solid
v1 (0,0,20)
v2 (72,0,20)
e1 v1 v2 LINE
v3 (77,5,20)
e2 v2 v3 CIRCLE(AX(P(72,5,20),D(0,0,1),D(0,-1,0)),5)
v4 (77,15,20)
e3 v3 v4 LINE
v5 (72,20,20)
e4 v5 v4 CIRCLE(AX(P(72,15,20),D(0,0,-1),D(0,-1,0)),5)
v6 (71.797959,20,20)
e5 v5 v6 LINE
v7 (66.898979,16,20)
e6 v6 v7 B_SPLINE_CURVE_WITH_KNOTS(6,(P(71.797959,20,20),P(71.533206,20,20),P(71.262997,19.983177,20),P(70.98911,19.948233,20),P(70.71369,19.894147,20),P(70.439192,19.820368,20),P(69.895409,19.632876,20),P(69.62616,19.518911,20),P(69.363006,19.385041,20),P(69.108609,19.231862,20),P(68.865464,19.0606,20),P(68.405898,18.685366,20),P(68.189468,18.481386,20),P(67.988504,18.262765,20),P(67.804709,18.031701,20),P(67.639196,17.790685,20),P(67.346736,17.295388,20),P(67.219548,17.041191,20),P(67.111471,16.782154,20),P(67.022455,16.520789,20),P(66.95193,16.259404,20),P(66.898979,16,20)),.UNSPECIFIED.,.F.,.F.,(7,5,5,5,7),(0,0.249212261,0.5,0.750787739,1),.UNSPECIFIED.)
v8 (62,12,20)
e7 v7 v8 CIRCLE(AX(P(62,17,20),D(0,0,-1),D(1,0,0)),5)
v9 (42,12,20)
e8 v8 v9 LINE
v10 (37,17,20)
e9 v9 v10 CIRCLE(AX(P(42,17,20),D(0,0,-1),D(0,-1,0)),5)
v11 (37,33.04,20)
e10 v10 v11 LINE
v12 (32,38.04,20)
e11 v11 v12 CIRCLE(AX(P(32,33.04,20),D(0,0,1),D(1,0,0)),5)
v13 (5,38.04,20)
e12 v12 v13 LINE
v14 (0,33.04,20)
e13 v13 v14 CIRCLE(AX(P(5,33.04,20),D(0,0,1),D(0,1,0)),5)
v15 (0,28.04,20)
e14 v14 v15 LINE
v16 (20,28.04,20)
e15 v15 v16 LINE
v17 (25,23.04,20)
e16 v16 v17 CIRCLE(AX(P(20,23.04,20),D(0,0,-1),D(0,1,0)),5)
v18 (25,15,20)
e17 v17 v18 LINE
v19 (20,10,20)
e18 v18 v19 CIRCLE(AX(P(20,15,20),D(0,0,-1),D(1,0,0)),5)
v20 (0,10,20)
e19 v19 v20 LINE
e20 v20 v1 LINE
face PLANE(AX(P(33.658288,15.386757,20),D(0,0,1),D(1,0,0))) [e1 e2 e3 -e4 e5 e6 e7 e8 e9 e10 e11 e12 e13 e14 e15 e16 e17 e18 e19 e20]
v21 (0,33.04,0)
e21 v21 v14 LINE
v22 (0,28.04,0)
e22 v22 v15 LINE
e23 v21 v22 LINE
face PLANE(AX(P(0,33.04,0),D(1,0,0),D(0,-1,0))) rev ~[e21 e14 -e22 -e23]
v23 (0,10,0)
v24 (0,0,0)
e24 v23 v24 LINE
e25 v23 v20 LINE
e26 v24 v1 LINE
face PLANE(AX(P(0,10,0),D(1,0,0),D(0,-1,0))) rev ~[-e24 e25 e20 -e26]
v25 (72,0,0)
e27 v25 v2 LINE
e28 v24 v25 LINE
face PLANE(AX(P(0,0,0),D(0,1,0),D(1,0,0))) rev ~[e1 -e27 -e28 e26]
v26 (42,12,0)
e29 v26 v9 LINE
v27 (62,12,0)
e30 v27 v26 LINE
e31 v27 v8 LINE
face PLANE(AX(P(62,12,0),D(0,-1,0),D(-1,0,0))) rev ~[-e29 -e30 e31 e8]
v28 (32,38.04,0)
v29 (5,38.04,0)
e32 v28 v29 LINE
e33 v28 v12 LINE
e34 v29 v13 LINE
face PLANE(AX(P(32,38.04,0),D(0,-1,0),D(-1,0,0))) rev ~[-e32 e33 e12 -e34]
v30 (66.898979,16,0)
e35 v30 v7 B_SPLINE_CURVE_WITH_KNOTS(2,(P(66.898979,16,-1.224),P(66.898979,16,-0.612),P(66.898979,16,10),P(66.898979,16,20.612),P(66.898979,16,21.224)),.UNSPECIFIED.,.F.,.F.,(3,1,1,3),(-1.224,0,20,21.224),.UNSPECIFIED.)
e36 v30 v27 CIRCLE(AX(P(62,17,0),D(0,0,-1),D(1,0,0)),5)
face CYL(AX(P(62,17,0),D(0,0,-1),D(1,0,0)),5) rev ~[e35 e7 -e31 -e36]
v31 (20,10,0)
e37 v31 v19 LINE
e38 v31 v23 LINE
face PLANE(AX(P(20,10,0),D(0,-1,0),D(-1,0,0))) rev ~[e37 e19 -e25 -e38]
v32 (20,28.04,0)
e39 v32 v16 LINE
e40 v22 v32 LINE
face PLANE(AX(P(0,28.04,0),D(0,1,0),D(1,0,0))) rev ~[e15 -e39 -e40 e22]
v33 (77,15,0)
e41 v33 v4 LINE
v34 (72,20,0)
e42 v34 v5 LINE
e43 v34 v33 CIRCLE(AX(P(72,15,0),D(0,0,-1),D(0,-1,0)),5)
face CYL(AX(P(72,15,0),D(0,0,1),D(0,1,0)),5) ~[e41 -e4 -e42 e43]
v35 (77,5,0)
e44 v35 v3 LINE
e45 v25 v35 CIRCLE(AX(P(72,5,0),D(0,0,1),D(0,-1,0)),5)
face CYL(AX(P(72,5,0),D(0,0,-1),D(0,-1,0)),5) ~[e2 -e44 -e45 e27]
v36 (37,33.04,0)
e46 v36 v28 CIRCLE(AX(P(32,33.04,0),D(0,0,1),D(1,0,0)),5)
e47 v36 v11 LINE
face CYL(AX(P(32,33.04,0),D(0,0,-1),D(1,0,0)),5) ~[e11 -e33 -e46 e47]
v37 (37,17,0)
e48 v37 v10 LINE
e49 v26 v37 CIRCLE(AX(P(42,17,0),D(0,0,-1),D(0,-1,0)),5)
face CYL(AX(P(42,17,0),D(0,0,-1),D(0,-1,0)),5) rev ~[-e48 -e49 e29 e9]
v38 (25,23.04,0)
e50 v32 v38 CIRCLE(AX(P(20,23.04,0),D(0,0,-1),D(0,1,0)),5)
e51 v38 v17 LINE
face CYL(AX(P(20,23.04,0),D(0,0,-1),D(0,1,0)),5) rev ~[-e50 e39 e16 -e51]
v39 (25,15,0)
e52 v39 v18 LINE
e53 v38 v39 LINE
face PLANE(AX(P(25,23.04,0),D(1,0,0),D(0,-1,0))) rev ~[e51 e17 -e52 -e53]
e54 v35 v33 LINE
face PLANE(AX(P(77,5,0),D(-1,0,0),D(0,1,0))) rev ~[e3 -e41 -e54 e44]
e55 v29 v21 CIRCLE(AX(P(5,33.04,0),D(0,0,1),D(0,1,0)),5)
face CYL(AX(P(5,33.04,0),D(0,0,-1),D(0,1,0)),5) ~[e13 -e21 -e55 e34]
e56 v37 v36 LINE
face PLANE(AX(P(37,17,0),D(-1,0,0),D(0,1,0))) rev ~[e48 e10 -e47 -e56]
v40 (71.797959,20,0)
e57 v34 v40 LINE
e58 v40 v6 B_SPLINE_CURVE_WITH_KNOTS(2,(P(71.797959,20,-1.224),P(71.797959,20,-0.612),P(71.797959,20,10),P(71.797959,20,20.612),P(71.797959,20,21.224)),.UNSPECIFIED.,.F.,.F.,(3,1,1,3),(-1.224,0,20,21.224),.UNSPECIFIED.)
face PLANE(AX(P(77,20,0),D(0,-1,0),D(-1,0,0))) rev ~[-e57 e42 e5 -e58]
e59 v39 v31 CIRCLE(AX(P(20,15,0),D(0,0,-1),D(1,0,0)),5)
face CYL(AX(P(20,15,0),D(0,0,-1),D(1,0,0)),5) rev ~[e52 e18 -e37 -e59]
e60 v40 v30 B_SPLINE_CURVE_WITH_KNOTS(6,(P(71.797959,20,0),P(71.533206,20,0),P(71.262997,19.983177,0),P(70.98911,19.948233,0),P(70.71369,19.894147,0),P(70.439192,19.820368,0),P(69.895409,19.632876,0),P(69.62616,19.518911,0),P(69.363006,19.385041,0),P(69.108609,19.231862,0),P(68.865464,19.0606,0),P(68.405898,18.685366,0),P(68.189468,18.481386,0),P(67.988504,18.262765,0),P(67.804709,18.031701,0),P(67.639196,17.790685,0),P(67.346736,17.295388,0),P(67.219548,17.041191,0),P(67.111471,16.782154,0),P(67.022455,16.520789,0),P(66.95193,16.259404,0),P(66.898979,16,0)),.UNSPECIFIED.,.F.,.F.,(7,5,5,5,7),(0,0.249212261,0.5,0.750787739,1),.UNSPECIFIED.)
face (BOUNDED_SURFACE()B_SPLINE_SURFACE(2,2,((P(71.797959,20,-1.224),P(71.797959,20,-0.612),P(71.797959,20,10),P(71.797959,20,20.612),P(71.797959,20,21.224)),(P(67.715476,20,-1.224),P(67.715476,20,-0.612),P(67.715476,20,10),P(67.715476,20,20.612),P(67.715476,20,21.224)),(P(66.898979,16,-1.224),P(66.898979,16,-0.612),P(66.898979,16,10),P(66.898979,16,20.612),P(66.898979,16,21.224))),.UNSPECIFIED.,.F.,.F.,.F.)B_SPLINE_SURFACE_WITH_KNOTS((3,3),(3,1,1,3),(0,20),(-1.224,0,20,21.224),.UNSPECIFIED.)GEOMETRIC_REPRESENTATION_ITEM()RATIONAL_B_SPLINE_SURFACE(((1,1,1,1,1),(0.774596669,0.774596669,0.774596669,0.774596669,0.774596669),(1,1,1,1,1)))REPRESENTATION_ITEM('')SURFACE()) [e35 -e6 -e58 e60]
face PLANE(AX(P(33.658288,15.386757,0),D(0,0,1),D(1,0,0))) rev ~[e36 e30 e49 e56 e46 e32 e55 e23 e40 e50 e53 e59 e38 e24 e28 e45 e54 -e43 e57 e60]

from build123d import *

# Parameters (mm, degrees)
F1_DEPTH = 20
F2_R     = 5
F3_R     = 5
F4_ANGLE = 90


with BuildPart() as f1:
    # F0 (on Front) → F1 (new body)
    with BuildSketch(Plane.XZ):
        with BuildLine():
            Line((32, 38.04), (5, 38.04))
            ThreePointArc((5, 38.04), (1.4644660941, 36.5755339059), (0, 33.04))
            Line((0, 33.04), (0, 28.04))
            Line((0, 28.04), (20, 28.04))
            ThreePointArc((20, 28.04), (23.5355339059, 26.5755339059), (25, 23.04))
            Line((25, 23.04), (25, 15))
            ThreePointArc((25, 15), (23.5355339059, 11.4644660941), (20, 10))
            Line((20, 10), (0, 10))
            Line((0, 10), (0, 0))
            Line((0, 0), (72, 0))
            ThreePointArc((72, 0), (75.5355339059, 1.4644660941), (77, 5))
            Line((77, 5), (77, 20))
            Line((77, 20), (67, 20))
            Line((67, 20), (67, 17))
            ThreePointArc((67, 17), (65.5355339059, 13.4644660941), (62, 12))
            Line((62, 12), (42, 12))
            ThreePointArc((42, 12), (38.4644660941, 13.4644660941), (37, 17))
            Line((37, 17), (37, 33.04))
            ThreePointArc((37, 33.04), (35.5355339059, 36.5755339059), (32, 38.04))
        make_face()
    extrude(amount=F1_DEPTH)

    # F2
    f2_edges = [f1.edges().sort_by_distance(p)[0] for p in [
        (67, -10, 20),
    ]]
    fillet(f2_edges, radius=F2_R)

    # F3
    f3_edges = [f1.edges().sort_by_distance(p)[0] for p in [
        (77, -10, 20),
    ]]
    fillet(f3_edges, radius=F3_R)


with BuildPart() as f1_1:
    # F4: moved
    add(f1.part.rotate(Axis((36, 0, 0), (-1, 0, 0)), F4_ANGLE))


solid = f1_1.part
